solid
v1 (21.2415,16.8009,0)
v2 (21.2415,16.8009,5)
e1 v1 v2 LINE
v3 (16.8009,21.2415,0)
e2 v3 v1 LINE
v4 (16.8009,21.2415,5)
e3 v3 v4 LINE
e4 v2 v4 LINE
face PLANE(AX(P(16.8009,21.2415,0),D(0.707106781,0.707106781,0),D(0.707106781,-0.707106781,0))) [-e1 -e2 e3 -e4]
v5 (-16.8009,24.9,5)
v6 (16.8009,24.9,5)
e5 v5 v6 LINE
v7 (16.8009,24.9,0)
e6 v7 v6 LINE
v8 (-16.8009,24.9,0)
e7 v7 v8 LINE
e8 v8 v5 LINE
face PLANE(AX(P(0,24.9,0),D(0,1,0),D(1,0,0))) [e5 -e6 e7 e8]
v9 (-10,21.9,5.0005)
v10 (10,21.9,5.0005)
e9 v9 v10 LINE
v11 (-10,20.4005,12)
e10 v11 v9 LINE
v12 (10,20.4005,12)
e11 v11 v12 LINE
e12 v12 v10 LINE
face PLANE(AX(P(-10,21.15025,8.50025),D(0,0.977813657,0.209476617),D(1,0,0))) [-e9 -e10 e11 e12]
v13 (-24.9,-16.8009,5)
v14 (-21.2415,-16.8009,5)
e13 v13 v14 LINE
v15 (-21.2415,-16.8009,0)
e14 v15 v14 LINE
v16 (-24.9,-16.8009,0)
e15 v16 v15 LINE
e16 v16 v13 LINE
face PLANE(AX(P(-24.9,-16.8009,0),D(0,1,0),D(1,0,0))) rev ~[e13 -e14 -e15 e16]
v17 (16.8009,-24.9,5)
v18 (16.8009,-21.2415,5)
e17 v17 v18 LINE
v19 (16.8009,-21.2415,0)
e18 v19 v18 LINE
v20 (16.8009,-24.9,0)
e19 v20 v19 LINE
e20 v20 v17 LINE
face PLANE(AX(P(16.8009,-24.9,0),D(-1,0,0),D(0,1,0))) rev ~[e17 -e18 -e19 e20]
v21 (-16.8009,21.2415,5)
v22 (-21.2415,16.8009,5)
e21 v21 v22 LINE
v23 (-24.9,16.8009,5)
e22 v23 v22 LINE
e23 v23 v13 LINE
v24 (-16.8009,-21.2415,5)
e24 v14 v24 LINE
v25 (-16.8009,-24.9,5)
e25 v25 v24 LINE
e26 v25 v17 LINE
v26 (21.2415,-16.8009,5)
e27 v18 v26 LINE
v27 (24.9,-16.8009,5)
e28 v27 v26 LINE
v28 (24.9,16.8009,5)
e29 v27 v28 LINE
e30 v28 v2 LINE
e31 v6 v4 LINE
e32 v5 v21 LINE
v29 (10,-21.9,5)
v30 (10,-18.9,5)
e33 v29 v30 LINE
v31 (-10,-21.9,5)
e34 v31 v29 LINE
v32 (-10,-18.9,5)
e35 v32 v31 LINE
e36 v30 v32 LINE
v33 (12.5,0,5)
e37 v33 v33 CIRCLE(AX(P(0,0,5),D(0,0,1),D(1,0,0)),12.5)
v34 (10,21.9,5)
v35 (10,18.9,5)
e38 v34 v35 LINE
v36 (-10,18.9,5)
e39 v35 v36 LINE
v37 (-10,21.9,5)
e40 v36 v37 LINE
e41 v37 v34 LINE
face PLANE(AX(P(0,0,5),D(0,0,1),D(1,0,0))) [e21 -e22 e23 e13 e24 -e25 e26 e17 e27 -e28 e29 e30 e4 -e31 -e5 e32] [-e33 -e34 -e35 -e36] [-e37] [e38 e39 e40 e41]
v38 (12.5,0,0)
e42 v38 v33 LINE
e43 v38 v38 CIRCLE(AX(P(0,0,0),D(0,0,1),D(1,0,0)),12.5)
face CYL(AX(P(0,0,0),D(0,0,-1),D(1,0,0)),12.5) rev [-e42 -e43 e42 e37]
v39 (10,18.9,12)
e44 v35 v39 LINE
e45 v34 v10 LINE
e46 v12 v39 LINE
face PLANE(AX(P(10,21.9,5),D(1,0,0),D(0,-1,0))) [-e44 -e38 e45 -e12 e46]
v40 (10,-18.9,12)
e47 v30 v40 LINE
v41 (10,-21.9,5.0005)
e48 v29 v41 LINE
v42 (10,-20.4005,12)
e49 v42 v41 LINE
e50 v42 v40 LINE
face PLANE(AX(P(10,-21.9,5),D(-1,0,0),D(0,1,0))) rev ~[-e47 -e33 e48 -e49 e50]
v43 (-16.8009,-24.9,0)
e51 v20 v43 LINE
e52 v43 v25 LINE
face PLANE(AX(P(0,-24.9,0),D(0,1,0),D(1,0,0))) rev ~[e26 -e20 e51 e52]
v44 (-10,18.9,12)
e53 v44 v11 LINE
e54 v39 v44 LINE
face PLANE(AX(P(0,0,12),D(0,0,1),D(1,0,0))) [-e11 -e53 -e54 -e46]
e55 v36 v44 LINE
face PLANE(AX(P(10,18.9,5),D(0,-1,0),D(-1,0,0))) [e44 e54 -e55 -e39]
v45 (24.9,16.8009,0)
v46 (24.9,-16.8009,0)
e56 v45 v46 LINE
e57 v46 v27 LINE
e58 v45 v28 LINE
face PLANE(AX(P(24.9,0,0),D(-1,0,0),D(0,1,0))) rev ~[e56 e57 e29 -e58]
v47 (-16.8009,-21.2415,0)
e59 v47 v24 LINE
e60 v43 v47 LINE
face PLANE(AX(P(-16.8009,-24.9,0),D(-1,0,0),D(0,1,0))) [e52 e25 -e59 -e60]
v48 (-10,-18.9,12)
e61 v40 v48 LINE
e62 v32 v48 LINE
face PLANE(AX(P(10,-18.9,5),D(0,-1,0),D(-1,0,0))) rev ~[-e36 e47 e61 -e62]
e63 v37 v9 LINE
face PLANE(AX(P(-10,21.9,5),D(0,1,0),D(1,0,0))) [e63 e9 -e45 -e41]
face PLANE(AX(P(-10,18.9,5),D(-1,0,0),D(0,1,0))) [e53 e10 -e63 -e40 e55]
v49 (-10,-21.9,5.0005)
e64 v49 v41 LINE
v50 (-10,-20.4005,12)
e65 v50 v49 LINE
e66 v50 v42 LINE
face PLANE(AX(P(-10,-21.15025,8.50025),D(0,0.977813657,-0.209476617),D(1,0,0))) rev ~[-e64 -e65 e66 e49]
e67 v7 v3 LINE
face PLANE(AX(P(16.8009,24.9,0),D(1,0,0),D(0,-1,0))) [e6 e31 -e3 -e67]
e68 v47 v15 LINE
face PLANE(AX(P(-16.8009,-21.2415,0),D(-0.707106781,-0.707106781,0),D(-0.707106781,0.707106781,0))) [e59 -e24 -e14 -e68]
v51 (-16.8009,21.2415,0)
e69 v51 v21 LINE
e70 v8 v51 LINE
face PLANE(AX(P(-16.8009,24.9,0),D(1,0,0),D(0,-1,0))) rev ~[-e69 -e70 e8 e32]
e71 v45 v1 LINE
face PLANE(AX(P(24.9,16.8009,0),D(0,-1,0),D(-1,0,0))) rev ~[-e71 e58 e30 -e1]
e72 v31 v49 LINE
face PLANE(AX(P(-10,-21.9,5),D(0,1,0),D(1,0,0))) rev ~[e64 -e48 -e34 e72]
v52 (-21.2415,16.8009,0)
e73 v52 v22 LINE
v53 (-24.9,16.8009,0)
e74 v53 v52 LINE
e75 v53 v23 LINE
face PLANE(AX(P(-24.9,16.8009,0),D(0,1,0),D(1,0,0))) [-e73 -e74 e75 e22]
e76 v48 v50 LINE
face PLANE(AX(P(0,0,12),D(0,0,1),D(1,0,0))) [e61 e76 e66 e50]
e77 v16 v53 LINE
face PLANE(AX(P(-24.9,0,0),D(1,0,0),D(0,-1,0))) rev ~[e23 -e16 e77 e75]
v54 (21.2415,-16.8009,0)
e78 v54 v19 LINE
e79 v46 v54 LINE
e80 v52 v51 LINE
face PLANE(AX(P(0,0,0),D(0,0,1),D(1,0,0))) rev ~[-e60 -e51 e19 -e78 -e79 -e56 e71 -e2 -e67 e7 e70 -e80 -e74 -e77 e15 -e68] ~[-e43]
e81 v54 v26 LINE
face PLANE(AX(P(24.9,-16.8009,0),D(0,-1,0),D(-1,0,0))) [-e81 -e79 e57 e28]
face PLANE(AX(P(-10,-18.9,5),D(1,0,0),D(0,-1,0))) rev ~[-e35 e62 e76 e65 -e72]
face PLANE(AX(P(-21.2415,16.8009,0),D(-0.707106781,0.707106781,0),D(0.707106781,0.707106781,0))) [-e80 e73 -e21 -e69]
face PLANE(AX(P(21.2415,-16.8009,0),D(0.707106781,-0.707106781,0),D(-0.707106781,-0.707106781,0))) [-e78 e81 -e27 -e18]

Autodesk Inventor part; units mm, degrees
ref_plane "YZ Plane" through (0, 0, 0) normal (1, 0, 0) x (0, 1, 0)
ref_plane "XZ Plane" through (0, 0, 0) normal (0, 1, 0) x (-1, 0, 0)
ref_plane "XY Plane" through (0, 0, 0) normal (0, 0, 1) x (1, 0, 0)
sketch "Sketch1" plane through (0, 0, 0) normal (0, 0, 1) x (1, 0, 0)
  line L0 (-34.86, 0) -> (34.86, 0) construction
  line L1 (0, -34.86) -> (0, 34.86) construction
  line L2 (0, 0) -> (11.1575, 11.1575) construction
  line L3 (0, 0) -> (15.7791, 0) construction
  line L4 (0, 24.9) -> (16.8009, 24.9)
  line L5 (16.8009, 24.9) -> (16.8009, 21.2415)
  line L6 (16.8009, 21.2415) -> (19.0212, 19.0212)
  line L7 (24.9, 0) -> (24.9, 16.8009)
  line L8 (24.9, 16.8009) -> (21.2415, 16.8009)
  line L9 (21.2415, 16.8009) -> (19.0212, 19.0212)
  line L10 (0, -24.9) -> (16.8009, -24.9)
  line L11 (16.8009, -24.9) -> (16.8009, -21.2415)
  line L12 (16.8009, -21.2415) -> (19.0212, -19.0212)
  line L13 (24.9, 0) -> (24.9, -16.8009)
  line L14 (24.9, -16.8009) -> (21.2415, -16.8009)
  line L15 (21.2415, -16.8009) -> (19.0212, -19.0212)
  line L16 (0, 24.9) -> (-16.8009, 24.9)
  line L17 (-16.8009, 24.9) -> (-16.8009, 21.2415)
  line L18 (-16.8009, 21.2415) -> (-19.0212, 19.0212)
  line L19 (-24.9, 16.8009) -> (-21.2415, 16.8009)
  line L20 (-21.2415, 16.8009) -> (-19.0212, 19.0212)
  line L21 (0, -24.9) -> (-16.8009, -24.9)
  line L22 (-16.8009, -24.9) -> (-16.8009, -21.2415)
  line L23 (-16.8009, -21.2415) -> (-19.0212, -19.0212)
  line L24 (-21.2415, -16.8009) -> (-19.0212, -19.0212)
  line L25 (-24.9, -16.8009) -> (-21.2415, -16.8009)
  line L26 (-24.9, 0) -> (-24.9, -16.8009)
  line L27 (-24.9, 0) -> (-24.9, 16.8009)
  circle A0 centre (0, 0) radius 12.5
  dimension "d0" = 45
  dimension "d2" = 24.9
  dimension "d3" = 3.14
  dimension "d4" = 26.9
  dimension "d5" = 25
extrude "Extrusion1" add sketch "Sketch1" along normal blind 5
sketch "Sketch2" plane through (0, 0, 5) normal (0, 0, 1) x (1, 0, 0)
  circle A0 centre (0, 0) radius 12.5 projected
  line L0 (16.8009, 24.9) -> (-16.8009, 24.9) projected
  line L1 (-16.8009, 24.9) -> (-16.8009, 21.2415) projected
  line L2 (-16.8009, 21.2415) -> (-21.2415, 16.8009) projected
  line L3 (-21.2415, 16.8009) -> (-24.9, 16.8009) projected
  line L4 (-24.9, 16.8009) -> (-24.9, -16.8009) projected
  line L5 (-24.9, -16.8009) -> (-21.2415, -16.8009) projected
  line L6 (-21.2415, -16.8009) -> (-16.8009, -21.2415) projected
  line L7 (-16.8009, -21.2415) -> (-16.8009, -24.9) projected
  line L8 (-16.8009, -24.9) -> (16.8009, -24.9) projected
  line L9 (16.8009, -24.9) -> (16.8009, -21.2415) projected
  line L10 (16.8009, -21.2415) -> (21.2415, -16.8009) projected
  line L11 (21.2415, -16.8009) -> (24.9, -16.8009) projected
  line L12 (24.9, -16.8009) -> (24.9, 16.8009) projected
  line L13 (24.9, 16.8009) -> (21.2415, 16.8009) projected
  line L14 (21.2415, 16.8009) -> (16.8009, 21.2415) projected
  line L15 (16.8009, 21.2415) -> (16.8009, 24.9) projected
  line L16 (-34.86, 0) -> (34.86, 0) construction
  line L17 (0, -34.86) -> (0, 34.86) construction
  line L18 (-10, 21.9) -> (10, 21.9)
  line L19 (10, 21.9) -> (10, 18.9)
  line L20 (10, 18.9) -> (-10, 18.9)
  line L21 (-10, 18.9) -> (-10, 21.9)
  line L22 (-10, -21.9) -> (10, -21.9)
  line L23 (10, -21.9) -> (10, -18.9)
  line L24 (10, -18.9) -> (-10, -18.9)
  line L25 (-10, -18.9) -> (-10, -21.9)
  dimension "d8" = 20
  dimension "d9" = 3
  dimension "d10" = 3
extrude "Extrusion2" add sketch "Sketch2" along normal blind 7 contours L18 L19 L20 L21 | L25 L24 L23 L22
chamfer "Fase1" distance 1.5 distance2 7 1 edges at (0, 21.9, 12) measured on face at (-3.3333, 19.9, 12)
chamfer "Fase2" distance 1.5 distance2 7 1 edges at (0, -21.9, 12) measured on face at (-3.3333, -19.9, 12)
properties part number "20_Cube_insert_Sample_holder"
